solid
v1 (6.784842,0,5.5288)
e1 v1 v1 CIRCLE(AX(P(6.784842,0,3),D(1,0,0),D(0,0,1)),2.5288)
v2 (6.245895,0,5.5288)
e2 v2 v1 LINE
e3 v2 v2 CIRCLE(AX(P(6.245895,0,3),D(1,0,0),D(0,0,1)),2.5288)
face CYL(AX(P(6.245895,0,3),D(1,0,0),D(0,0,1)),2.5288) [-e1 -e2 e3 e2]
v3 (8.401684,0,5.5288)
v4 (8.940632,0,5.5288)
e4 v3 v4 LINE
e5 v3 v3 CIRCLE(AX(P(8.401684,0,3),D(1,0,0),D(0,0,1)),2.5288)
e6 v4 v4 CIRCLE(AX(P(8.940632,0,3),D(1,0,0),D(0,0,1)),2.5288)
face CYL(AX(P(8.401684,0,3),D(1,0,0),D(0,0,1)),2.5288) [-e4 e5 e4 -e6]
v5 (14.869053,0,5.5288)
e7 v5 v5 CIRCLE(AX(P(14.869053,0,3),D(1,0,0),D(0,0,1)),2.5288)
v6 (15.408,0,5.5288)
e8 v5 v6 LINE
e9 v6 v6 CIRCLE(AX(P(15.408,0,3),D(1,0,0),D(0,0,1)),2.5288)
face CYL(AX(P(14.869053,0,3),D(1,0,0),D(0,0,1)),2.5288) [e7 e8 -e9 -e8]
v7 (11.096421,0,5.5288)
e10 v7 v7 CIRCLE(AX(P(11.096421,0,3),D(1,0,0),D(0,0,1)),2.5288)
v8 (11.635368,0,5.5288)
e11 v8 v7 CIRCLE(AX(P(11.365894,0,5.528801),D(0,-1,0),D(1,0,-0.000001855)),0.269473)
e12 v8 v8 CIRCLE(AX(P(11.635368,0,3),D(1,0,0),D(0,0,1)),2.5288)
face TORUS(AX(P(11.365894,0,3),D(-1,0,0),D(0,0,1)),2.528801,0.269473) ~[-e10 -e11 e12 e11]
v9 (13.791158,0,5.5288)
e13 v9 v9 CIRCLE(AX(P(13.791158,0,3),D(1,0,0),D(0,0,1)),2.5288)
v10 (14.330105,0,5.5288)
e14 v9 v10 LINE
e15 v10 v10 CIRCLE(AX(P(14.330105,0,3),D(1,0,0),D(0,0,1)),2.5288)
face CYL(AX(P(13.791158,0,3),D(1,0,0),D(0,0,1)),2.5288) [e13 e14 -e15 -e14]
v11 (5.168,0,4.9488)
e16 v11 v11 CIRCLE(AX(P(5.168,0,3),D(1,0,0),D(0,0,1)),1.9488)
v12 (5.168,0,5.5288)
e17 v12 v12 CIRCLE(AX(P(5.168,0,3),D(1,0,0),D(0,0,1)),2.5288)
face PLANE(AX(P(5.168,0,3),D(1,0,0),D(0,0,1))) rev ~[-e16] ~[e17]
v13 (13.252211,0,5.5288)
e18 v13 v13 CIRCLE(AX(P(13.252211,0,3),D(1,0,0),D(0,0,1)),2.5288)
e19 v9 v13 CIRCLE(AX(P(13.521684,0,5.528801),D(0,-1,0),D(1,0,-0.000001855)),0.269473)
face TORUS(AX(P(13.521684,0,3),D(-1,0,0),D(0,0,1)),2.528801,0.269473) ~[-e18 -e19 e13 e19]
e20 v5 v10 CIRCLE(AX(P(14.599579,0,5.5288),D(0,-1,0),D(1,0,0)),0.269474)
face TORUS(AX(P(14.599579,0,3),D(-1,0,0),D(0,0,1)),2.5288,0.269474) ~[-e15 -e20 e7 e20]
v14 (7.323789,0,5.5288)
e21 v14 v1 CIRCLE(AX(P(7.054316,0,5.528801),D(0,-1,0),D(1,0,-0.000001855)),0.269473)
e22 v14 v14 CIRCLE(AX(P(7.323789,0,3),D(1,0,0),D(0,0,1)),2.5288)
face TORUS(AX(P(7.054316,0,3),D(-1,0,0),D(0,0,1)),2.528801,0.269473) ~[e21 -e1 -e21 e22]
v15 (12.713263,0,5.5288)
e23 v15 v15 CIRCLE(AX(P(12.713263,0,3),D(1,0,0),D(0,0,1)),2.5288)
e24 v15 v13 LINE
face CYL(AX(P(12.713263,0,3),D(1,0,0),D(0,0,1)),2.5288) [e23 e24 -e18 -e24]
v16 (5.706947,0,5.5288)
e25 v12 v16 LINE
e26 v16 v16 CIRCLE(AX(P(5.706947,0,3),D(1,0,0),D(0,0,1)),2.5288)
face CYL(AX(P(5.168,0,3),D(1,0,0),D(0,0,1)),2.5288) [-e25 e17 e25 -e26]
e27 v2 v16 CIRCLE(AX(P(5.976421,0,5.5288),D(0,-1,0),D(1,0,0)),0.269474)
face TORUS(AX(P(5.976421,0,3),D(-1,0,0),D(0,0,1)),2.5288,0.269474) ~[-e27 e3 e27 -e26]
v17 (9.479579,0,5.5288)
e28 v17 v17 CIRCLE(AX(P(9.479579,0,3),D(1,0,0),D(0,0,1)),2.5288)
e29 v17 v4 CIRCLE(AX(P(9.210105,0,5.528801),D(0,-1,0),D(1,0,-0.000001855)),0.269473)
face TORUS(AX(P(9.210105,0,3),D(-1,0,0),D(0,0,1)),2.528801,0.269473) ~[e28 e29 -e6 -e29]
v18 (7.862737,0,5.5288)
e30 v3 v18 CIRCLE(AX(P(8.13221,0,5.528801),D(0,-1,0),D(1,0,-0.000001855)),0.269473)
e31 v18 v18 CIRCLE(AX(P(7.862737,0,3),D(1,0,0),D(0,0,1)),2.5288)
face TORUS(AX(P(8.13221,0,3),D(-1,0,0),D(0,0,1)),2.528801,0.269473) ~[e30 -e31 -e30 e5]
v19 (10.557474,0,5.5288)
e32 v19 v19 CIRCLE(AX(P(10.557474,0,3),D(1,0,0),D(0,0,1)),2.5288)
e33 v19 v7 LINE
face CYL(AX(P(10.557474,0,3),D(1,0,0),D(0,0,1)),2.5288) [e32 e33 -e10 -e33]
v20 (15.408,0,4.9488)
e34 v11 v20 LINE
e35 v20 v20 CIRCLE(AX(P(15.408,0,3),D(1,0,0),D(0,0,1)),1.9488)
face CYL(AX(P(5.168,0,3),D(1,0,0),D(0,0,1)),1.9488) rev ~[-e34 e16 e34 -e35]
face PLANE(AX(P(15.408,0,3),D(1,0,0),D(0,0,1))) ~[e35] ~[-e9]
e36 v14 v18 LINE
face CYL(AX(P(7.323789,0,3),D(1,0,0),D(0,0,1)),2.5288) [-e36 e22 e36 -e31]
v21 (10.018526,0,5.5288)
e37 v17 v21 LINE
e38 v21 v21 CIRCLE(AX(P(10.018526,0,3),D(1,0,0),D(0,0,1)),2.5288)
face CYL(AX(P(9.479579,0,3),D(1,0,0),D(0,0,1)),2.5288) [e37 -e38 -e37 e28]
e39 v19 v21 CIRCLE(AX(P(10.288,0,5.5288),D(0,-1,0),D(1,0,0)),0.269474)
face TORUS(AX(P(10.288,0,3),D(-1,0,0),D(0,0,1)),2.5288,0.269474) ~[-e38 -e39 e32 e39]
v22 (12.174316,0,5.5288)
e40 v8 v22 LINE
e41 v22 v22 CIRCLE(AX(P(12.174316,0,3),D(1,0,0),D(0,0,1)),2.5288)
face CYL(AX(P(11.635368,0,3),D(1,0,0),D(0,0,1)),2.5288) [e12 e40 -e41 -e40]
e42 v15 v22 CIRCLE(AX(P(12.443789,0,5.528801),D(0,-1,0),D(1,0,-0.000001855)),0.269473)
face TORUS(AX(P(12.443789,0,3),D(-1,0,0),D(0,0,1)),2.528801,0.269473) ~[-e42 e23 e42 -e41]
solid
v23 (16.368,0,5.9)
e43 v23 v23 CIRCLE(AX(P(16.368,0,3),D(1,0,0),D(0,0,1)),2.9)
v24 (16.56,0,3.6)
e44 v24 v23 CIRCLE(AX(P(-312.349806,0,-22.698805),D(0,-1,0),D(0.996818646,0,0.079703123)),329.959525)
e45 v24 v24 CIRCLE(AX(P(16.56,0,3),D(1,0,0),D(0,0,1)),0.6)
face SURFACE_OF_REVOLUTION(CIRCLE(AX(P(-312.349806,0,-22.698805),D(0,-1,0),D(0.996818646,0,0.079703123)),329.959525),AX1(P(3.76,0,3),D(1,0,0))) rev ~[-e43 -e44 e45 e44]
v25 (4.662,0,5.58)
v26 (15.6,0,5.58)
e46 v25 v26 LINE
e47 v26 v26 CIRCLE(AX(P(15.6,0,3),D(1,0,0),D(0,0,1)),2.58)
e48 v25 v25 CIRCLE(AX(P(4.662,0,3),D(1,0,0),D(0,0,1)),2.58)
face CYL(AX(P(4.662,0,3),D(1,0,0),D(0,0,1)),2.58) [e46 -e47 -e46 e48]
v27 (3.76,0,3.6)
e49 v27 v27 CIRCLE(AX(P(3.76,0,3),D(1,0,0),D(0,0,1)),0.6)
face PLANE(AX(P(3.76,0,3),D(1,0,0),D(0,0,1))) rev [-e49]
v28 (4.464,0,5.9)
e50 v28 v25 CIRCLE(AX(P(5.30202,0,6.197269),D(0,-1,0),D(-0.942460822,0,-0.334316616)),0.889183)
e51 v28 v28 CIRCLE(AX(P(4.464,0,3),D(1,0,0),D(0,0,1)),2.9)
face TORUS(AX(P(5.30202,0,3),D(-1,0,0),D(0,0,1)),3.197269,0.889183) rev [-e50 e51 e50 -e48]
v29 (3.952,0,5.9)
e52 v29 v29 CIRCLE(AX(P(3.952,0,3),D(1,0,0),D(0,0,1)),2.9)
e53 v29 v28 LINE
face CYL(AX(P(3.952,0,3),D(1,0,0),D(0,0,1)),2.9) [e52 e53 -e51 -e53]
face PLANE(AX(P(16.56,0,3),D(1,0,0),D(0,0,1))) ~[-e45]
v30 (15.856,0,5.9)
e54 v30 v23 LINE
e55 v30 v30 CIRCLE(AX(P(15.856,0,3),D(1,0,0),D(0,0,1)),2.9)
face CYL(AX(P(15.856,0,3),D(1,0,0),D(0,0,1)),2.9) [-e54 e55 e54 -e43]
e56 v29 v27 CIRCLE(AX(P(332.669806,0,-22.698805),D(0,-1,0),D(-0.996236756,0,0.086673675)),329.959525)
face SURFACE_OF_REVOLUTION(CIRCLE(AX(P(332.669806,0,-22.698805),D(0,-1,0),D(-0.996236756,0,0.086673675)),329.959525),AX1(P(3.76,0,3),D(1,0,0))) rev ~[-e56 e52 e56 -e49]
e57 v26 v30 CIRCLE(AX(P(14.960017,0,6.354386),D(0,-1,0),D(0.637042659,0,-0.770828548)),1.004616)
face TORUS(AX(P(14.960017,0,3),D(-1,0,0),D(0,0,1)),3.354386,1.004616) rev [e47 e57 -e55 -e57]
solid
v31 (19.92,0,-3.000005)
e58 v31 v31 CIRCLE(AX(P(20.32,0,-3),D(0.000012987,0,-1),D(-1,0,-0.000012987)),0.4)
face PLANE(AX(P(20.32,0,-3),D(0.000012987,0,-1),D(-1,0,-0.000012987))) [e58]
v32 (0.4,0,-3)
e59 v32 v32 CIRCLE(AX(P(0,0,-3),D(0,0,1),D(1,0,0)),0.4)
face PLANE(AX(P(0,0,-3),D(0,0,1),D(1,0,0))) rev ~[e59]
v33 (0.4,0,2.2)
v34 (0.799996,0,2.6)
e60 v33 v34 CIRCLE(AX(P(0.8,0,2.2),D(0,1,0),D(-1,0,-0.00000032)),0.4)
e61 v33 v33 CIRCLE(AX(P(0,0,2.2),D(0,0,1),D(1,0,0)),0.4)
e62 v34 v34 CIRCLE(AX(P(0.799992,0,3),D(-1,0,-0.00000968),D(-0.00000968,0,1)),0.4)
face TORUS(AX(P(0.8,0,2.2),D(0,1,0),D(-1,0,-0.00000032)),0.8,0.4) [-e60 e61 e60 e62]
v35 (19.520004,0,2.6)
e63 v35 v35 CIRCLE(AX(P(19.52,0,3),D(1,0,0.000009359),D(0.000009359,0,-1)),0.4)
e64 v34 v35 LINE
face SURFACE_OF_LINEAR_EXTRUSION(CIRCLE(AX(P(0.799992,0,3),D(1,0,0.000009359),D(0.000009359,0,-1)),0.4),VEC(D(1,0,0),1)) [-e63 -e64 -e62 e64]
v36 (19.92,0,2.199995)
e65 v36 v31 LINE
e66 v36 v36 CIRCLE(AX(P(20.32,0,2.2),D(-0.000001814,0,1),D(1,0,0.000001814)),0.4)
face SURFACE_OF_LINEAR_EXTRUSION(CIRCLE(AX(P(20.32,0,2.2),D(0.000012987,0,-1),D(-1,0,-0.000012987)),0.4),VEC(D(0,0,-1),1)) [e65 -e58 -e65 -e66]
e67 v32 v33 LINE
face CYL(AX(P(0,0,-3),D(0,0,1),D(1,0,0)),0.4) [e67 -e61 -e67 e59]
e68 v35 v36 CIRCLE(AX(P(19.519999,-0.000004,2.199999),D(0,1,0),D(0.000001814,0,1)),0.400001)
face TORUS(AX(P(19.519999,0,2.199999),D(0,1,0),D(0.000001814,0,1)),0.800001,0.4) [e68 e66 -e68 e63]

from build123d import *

# Parameters (mm, degrees)
SKETCH_R = 0.4


with BuildPart() as revolution:
    # Sketch002 → Revolution (revolve)
    with BuildSketch(Plane.XZ):
        with BuildLine():
            Line((3.952, 5.9), (4.464, 5.9))
            ThreePointArc((4.464, 5.9), (4.545878, 5.729406), (4.662, 5.58))
            Line((4.662, 5.58), (15.6, 5.58))
            ThreePointArc((15.6, 5.58), (15.74449, 5.726808), (15.856, 5.9))
            Line((15.856, 5.9), (16.368, 5.9))
            ThreePointArc((16.56, 3.6), (16.466011, 4.750168), (16.368, 5.9))
            Line((16.56, 3), (16.56, 3.6))
            Line((3.76, 3), (16.56, 3))
            Line((3.76, 3), (3.76, 3.6))
            ThreePointArc((3.952, 5.9), (3.853989, 4.750168), (3.76, 3.6))
        make_face()
    revolve(axis=Axis((3.76, 0, 3), (1, 0, 0)))


with BuildPart() as sweep_body:
    # Sweep: sweep along a path in Sketch001
    with BuildLine(Plane.XZ) as sweep_path:
        Line((0, -3), (0, 2.2))
        ThreePointArc((0, 2.2), (0.234312, 2.765683), (0.799992, 3))
        Line((0.799992, 3), (19.52, 3))
        ThreePointArc((19.52, 3), (20.085685, 2.765685), (20.32, 2.2))
        Line((20.32, 2.2), (20.32, -3))
    # Sketch → Sweep (sweep)
    with BuildSketch(Plane.XY.offset(-2)):
        Circle(SKETCH_R)
    sweep(path=sweep_path.line)


with BuildPart() as revolution001:
    # Sketch003 → Revolution001 (revolve)
    with BuildSketch(Plane.XZ):
        with BuildLine():
            ThreePointArc((6.245895, 5.5288), (5.976421, 5.798274), (5.706947, 5.5288))
            Line((5.168, 5.5288), (5.706947, 5.5288))
            Line((5.168, 5.5288), (5.168, 4.9488))
            Line((5.168, 4.9488), (15.408, 4.9488))
            Line((15.408, 4.9488), (15.408, 5.5288))
            Line((14.869053, 5.5288), (15.408, 5.5288))
            ThreePointArc((14.869053, 5.5288), (14.599579, 5.798274), (14.330105, 5.5288))
            Line((13.791158, 5.5288), (14.330105, 5.5288))
            ThreePointArc((13.791158, 5.5288), (13.521684, 5.798274), (13.252211, 5.5288))
            Line((12.713263, 5.5288), (13.252211, 5.5288))
            ThreePointArc((12.713263, 5.5288), (12.443789, 5.798274), (12.174316, 5.5288))
            Line((11.635368, 5.5288), (12.174316, 5.5288))
            ThreePointArc((11.635368, 5.5288), (11.365895, 5.798274), (11.096421, 5.5288))
            Line((10.557474, 5.5288), (11.096421, 5.5288))
            ThreePointArc((10.557474, 5.5288), (10.288, 5.798274), (10.018526, 5.5288))
            Line((9.479579, 5.5288), (10.018526, 5.5288))
            ThreePointArc((9.479579, 5.5288), (9.210105, 5.798274), (8.940632, 5.5288))
            Line((8.401684, 5.5288), (8.940632, 5.5288))
            ThreePointArc((8.401684, 5.5288), (8.132211, 5.798274), (7.862737, 5.5288))
            Line((7.323789, 5.5288), (7.862737, 5.5288))
            ThreePointArc((7.323789, 5.5288), (7.054316, 5.798274), (6.784842, 5.5288))
            Line((6.245895, 5.5288), (6.784842, 5.5288))
        make_face()
    revolve(axis=Axis((4.08, 0, 3), (1, 0, 0)))


solid = Compound([revolution.part, sweep_body.part, revolution001.part])
